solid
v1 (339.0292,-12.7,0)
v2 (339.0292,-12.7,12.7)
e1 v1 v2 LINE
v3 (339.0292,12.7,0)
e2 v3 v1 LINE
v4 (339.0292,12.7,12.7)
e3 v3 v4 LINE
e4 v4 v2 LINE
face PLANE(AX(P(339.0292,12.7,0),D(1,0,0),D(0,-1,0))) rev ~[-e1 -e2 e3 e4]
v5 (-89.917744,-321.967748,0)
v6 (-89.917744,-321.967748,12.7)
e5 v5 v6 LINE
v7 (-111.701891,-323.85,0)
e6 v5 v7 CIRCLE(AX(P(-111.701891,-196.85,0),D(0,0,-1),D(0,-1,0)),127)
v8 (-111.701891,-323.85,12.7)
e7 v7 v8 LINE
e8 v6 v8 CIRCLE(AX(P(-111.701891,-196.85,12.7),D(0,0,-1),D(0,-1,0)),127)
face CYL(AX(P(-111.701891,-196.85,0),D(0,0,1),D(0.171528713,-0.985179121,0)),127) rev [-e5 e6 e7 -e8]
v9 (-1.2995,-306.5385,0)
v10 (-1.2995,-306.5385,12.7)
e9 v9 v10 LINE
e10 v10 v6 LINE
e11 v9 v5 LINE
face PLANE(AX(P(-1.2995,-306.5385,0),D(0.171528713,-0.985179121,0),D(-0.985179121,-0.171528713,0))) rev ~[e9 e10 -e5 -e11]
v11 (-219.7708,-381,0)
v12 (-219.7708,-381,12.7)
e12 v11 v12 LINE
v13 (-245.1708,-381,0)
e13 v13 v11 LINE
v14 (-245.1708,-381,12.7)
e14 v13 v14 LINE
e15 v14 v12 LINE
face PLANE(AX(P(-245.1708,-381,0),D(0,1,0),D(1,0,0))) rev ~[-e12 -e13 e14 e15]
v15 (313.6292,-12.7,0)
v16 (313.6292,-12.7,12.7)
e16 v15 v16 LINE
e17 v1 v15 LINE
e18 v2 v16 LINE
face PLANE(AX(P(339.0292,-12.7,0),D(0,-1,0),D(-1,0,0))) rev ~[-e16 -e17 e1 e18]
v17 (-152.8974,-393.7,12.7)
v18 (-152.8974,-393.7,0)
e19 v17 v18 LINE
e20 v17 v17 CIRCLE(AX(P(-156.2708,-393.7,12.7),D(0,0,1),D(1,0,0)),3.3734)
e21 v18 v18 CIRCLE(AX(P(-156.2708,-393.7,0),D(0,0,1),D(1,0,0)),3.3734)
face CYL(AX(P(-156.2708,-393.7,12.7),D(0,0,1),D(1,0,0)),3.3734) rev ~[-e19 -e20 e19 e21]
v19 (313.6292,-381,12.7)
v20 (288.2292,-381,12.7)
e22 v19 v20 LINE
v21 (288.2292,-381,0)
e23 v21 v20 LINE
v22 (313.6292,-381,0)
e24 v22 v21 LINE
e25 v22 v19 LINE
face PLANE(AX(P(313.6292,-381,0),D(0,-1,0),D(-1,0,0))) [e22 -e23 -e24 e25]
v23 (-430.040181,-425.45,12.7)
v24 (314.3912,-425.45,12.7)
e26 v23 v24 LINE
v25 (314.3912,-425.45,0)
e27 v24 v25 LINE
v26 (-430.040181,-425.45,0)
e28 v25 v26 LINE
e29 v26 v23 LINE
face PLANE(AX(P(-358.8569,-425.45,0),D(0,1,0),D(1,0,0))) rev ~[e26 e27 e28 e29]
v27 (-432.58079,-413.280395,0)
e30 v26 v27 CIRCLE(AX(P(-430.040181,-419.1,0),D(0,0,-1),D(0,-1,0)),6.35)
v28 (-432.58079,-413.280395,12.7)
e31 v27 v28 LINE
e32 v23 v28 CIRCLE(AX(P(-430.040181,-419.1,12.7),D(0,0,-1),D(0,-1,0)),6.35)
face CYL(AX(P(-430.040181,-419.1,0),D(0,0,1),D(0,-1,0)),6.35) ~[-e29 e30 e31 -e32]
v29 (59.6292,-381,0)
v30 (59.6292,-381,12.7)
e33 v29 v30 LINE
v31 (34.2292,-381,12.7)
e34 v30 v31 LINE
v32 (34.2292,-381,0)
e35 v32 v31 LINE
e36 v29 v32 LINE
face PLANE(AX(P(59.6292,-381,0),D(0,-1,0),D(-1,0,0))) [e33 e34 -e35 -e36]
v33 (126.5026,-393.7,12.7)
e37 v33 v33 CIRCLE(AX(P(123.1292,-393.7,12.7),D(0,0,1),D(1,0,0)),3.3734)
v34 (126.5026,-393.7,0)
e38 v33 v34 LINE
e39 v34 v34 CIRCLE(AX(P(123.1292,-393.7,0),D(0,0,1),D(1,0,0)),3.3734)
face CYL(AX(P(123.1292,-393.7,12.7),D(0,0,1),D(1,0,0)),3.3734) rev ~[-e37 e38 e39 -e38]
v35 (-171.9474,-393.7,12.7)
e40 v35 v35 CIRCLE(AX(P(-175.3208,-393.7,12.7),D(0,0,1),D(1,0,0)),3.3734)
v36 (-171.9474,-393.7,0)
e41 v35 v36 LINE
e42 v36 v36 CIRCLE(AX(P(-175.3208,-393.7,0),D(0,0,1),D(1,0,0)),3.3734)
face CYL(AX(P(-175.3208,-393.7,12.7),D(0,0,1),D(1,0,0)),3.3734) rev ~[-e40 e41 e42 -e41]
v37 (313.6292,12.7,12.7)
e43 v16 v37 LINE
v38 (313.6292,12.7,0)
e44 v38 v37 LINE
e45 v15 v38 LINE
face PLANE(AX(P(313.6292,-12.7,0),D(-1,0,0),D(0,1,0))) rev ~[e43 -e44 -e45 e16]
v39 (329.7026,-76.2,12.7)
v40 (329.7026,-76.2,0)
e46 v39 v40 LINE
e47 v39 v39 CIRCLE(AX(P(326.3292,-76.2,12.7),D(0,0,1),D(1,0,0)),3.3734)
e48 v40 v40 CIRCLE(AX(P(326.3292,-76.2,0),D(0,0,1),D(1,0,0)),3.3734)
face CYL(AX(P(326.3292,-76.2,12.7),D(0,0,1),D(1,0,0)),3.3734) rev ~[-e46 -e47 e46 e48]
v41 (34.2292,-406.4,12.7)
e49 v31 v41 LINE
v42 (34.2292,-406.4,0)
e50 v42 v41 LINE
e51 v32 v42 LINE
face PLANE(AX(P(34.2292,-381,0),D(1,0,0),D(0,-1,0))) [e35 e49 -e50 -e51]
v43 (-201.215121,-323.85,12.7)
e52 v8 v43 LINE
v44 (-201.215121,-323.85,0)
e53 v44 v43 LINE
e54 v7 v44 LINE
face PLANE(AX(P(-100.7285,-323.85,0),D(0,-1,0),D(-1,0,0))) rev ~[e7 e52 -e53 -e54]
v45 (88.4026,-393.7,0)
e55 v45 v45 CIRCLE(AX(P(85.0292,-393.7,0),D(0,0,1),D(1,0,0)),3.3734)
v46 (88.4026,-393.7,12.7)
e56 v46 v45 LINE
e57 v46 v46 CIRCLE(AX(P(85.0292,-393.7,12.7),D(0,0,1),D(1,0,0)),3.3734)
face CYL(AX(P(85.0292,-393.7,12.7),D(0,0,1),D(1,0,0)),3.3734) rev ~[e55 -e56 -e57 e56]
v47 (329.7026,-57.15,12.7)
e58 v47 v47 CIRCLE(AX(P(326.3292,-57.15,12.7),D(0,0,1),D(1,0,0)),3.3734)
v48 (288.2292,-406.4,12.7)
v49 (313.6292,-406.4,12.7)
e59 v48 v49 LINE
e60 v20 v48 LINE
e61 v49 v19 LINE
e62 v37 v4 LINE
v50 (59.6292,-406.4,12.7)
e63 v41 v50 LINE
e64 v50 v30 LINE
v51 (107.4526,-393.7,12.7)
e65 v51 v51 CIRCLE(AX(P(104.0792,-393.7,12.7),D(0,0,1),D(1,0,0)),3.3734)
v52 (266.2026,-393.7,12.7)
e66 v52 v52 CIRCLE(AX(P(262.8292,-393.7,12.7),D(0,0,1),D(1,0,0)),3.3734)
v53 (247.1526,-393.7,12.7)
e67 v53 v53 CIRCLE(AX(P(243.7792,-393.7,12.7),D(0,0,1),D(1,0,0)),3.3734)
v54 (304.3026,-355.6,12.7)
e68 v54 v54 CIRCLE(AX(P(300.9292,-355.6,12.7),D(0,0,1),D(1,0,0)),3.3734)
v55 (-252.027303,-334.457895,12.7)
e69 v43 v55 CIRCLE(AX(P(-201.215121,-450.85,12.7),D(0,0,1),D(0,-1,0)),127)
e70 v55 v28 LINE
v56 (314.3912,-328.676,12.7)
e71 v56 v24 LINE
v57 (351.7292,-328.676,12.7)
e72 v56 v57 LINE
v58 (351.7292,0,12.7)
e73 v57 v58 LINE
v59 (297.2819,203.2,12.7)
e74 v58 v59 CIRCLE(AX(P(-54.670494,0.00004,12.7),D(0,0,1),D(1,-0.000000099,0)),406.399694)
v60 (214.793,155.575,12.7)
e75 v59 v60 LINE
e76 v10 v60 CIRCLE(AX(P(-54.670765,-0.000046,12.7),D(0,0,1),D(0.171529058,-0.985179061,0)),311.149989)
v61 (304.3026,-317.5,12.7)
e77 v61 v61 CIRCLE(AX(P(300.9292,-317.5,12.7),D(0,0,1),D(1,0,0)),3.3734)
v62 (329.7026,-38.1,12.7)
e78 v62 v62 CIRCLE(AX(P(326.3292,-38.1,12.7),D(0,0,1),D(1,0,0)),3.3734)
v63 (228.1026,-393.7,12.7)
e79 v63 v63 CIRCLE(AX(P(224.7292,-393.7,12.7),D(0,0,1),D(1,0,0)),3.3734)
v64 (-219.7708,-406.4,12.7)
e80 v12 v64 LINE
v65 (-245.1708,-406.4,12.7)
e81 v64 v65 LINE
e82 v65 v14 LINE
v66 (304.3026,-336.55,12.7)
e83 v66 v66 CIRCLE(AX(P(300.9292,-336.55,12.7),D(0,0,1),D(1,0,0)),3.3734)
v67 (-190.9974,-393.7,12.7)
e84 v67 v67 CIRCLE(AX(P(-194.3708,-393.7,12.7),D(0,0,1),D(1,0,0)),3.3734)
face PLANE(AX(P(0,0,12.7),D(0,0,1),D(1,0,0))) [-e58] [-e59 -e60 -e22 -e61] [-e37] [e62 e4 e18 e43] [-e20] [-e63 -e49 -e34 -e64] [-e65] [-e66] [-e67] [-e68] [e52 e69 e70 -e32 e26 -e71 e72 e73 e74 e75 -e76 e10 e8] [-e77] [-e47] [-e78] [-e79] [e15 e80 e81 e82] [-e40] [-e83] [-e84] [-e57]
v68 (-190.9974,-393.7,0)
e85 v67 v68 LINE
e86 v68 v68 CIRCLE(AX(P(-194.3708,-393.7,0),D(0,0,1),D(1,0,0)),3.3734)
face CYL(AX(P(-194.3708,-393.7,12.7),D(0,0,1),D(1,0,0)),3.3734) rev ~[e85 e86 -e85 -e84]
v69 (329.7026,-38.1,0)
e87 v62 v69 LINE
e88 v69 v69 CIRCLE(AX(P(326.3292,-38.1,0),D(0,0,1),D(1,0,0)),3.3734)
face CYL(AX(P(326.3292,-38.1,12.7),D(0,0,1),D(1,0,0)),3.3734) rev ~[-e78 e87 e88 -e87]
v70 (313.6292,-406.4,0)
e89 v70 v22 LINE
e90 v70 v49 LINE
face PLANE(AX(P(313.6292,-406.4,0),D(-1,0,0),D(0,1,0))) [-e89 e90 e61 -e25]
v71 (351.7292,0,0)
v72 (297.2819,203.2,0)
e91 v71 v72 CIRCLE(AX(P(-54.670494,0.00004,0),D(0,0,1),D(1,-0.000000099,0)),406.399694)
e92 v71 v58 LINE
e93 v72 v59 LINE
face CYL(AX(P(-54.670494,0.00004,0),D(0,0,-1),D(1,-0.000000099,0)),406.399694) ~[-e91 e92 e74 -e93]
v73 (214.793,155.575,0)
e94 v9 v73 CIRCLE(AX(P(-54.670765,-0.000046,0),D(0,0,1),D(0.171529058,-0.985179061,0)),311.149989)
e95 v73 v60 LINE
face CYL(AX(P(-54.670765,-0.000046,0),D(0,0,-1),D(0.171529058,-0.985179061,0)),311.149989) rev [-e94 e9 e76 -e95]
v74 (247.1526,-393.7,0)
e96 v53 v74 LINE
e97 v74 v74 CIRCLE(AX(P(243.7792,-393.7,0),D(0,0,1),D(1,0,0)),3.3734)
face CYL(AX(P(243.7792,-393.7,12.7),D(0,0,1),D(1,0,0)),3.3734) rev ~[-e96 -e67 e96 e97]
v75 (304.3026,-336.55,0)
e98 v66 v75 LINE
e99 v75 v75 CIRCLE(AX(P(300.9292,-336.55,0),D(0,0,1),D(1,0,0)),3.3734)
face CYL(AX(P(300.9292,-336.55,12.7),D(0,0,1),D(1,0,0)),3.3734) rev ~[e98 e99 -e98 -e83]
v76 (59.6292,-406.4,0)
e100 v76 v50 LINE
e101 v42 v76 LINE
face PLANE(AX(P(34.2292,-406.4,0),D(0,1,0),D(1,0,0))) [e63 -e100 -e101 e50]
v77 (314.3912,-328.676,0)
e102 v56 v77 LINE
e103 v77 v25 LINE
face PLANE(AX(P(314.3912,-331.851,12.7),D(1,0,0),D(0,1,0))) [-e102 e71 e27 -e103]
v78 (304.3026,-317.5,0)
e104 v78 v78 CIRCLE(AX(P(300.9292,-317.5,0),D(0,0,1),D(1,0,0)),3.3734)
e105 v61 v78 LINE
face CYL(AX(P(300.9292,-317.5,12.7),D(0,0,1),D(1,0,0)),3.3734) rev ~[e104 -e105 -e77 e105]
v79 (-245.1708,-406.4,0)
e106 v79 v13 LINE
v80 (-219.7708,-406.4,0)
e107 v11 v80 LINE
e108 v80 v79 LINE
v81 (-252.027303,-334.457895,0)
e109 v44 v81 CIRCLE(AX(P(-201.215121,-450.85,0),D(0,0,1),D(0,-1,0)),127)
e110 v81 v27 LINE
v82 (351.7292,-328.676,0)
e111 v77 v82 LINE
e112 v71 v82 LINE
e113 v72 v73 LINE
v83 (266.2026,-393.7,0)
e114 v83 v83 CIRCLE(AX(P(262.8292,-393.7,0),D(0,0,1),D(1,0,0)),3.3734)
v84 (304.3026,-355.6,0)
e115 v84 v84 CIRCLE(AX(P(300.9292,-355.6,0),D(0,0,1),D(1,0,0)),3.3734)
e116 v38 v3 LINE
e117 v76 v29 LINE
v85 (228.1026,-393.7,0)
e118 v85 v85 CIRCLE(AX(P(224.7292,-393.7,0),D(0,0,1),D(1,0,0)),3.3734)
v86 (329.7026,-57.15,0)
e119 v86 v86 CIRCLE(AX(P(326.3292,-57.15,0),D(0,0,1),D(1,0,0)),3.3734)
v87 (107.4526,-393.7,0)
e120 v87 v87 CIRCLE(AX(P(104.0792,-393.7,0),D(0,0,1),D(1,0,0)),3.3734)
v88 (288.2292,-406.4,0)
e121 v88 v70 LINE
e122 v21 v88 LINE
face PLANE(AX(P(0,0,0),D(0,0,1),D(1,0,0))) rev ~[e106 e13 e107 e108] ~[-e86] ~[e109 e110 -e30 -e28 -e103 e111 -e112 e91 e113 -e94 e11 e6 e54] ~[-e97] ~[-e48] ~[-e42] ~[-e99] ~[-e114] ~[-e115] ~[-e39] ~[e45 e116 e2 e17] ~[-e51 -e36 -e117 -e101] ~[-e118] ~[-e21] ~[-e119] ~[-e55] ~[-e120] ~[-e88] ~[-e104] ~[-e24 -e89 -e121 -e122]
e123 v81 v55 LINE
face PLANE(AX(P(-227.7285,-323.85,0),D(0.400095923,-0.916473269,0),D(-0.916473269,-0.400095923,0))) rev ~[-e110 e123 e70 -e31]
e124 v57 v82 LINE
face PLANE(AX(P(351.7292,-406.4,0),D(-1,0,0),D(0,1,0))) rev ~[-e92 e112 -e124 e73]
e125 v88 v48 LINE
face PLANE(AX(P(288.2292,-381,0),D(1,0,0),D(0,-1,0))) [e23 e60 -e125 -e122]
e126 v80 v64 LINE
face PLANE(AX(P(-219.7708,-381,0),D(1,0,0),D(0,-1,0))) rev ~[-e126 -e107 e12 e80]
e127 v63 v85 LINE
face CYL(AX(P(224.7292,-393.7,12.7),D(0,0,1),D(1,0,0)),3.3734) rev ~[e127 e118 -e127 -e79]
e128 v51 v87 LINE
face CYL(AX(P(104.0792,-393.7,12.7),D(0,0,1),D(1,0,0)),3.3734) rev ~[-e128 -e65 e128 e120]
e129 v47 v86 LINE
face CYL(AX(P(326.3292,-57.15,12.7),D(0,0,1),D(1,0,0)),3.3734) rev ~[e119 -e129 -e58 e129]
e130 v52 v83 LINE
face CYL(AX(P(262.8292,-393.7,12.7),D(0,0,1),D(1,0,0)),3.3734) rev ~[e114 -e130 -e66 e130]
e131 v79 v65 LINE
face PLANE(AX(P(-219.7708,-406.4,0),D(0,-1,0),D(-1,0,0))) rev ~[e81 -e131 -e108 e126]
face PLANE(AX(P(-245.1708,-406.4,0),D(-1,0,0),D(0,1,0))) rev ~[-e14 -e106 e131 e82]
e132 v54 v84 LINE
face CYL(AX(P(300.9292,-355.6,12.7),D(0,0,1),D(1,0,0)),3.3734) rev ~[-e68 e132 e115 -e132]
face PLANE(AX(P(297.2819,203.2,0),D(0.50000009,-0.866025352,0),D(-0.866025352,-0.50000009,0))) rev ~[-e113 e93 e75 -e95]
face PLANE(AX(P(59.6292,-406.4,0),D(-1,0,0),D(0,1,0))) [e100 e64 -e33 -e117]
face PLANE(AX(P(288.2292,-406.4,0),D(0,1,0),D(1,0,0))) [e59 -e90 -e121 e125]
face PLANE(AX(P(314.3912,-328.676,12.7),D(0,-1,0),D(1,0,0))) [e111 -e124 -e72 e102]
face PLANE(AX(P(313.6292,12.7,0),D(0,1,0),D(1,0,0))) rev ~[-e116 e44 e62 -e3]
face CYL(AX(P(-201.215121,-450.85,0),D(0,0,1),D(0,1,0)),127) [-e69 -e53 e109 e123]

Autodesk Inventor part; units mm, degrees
ref_plane "YZ Plane" through (0, 0, 0) normal (1, 0, 0) x (0, 1, 0)
ref_plane "XZ Plane" through (0, 0, 0) normal (0, 1, 0) x (-1, 0, 0)
ref_plane "XY Plane" through (0, 0, 0) normal (0, 0, 1) x (1, 0, 0)
sketch "Sketch1" plane through (0, 0, 0) normal (0, 0, 1) x (1, 0, 0)
  arc A0 (214.793, 155.575) -> (-1.2995, -306.5385) centre (-54.6708, 0) ccw
  line L0 (-1.2995, -306.5385) -> (-100.7285, -323.85)
  line L1 (-189.1562, -406.4) -> (313.6292, -406.4)
  line L2 (351.7292, -406.4) -> (351.7292, 0)
  arc A1 (-1.2995, -306.5385) -> (214.793, 155.575) centre (-54.6708, 0) ccw
  line L3 (-54.6708, 0) -> (401.7178, 0) construction
  arc A2 (351.7292, 0) -> (297.2819, 203.2) centre (-54.6708, 0) ccw
  line L4 (297.2819, 203.2) -> (214.793, 155.575)
  line L5 (34.2292, -406.4) -> (59.6292, -406.4)
  line L6 (59.6292, -406.4) -> (59.6292, -381)
  line L7 (59.6292, -381) -> (34.2292, -381)
  line L8 (34.2292, -381) -> (34.2292, -406.4)
  line L9 (288.2292, -406.4) -> (351.7292, -406.4)
  line L10 (313.6292, -406.4) -> (313.6292, -381)
  line L11 (313.6292, -381) -> (288.2292, -381)
  line L12 (288.2292, -381) -> (288.2292, -406.4)
  circle A3 centre (-54.6708, 0) radius 200.5558 construction
  line L13 (313.6292, 12.7) -> (339.0292, 12.7)
  line L14 (339.0292, 12.7) -> (339.0292, -12.7)
  line L15 (339.0292, -12.7) -> (313.6292, -12.7)
  line L16 (313.6292, -12.7) -> (313.6292, 12.7)
  line L17 (313.6292, 12.7) -> (339.0292, -12.7) construction
  line L18 (339.0292, 12.7) -> (313.6292, -12.7) construction
  line L19 (-189.1562, -406.4) -> (-358.8569, -425.45)
  line L20 (-358.8569, -425.45) -> (351.7292, -425.45)
  line L21 (351.7292, -425.45) -> (351.7292, -406.4)
  line L22 (313.6292, -406.4) -> (351.7292, -406.4)
  line L23 (-358.8569, -425.45) -> (-100.7285, -323.85)
  line L24 (-100.7285, -323.85) -> (-227.7285, -323.85)
  line L25 (-227.7285, -323.85) -> (-460.4569, -425.45)
  line L26 (-460.4569, -425.45) -> (-358.8569, -425.45)
  line L27 (-245.1708, -381) -> (-219.7708, -381)
  line L28 (-219.7708, -381) -> (-219.7708, -406.4)
  line L29 (-219.7708, -406.4) -> (-245.1708, -406.4)
  line L30 (-245.1708, -406.4) -> (-245.1708, -381)
  line L31 (-100.7285, -323.85) -> (-189.1562, -406.4)
  point P0 (290.2482, -355.6)
  point P1 (326.3292, 0)
  point P2 (326.3292, 0)
  point P3 (302.9482, -330.2)
  point P4 (298.4754, -355.6)
  point P5 (302.9482, -12.7)
  point P6 (302.7291, 12.7)
  point P7 (-245.1708, -386.8886)
  point P8 (-227.8836, -381)
  dimension "d0" = 622.3
  dimension "d1" = 406.4
  dimension "d2" = 30
  dimension "d4" = 406.4
  dimension "d7" = 25.4
  dimension "d8" = 25.4
  dimension "d9" = 38.1
  dimension "d10" = 292.1
  dimension "d21" = 25.4
  dimension "d22" = 25.4
  dimension "d23" = 25.4
  dimension "d27" = 19.05
  dimension "d32" = 101.6
  dimension "d33" = 101.6
  dimension "d40" = 254
  dimension "d41" = 127
extrude "Extrusion1" add sketch "Sketch1" along normal blind 12.7 contours L4 A2 L2 L9 L10 L11 L12 L1 L6 L7 L8 L31 L0 A1 | L31 L19 L23 | L23 L26 L25 L24 | L19 L1 L9 L21 L20
ref_plane "Work Plane1" through (59.6292, 0, 0) normal (0, 1, 0) x (-1, 0, 0)
fillet "Fillet3" radius 127 2 edges at (-100.7285, -323.85, 6.35) (-227.7285, -323.85, 6.35)
fillet "Fillet3" radius 6.35 1 edges at (-460.4569, -425.45, 6.35)
sketch "Sketch3" plane through (59.6292, 0, 0) normal (0, 1, 0) x (-1, 0, 0)
  line L0 (314.8558, -44.45) -> (-86.2558, -44.45) construction
  line L1 (114.3, -44.45) -> (114.3, -0.9544) construction
  circle A0 centre (355.6, -69.85) radius 88.9
  point P0 (59.6292, 0)
  dimension "d17" = 25.4
  dimension "d18" = 177.8
  dimension "d19" = 241.3
revolve "Revolution2" cut sketch "Sketch3" angle 360 about axis through (-54.6708, 0, -44.45) along (0, 0, 1)
sketch "Sketch4" plane through (0, 0, 12.7) normal (0, 0, 1) x (1, 0, 0)
  circle A0 centre (85.0292, -393.7) radius 3.3734 projected
  circle A1 centre (104.0792, -393.7) radius 3.3734 projected
  circle A2 centre (123.1292, -393.7) radius 3.3734 projected
  circle A3 centre (224.7292, -393.7) radius 3.3734 projected
  circle A4 centre (243.7792, -393.7) radius 3.3734 projected
  circle A5 centre (262.8292, -393.7) radius 3.3734 projected
  circle A6 centre (300.9292, -355.6) radius 3.3734 projected
  circle A7 centre (300.9292, -336.55) radius 3.3734 projected
  circle A8 centre (300.9292, -317.5) radius 3.3734 projected
  circle A9 centre (326.3292, -76.2) radius 3.3734 projected
  circle A10 centre (326.3292, -57.15) radius 3.3734 projected
  circle A11 centre (326.3292, -38.1) radius 3.3734 projected
  circle A12 centre (-156.2708, -393.7) radius 3.3734 projected
  circle A13 centre (-175.3208, -393.7) radius 3.3734 projected
  circle A14 centre (-194.3708, -393.7) radius 3.3734 projected
  point P0 (0, 0)
extrude "Extrusion2" cut sketch "Sketch4" against normal through all
sketch "Sketch5" plane through (0, 0, 12.7) normal (0, 0, 1) x (1, 0, 0)
  line L0 (351.7292, -425.45) -> (314.3912, -425.45)
  line L1 (314.3912, -425.45) -> (314.3912, -328.676)
  line L2 (314.3912, -328.676) -> (351.7292, -328.676)
  line L3 (351.7292, -328.676) -> (351.7292, -425.45)
  line L4 (314.3912, -331.851) -> (314.3912, -328.676) projected
  point P0 (0, 0)
extrude "Extrusion3" cut sketch "Sketch5" against normal through all
properties part number "OuterWheelIndexer"
